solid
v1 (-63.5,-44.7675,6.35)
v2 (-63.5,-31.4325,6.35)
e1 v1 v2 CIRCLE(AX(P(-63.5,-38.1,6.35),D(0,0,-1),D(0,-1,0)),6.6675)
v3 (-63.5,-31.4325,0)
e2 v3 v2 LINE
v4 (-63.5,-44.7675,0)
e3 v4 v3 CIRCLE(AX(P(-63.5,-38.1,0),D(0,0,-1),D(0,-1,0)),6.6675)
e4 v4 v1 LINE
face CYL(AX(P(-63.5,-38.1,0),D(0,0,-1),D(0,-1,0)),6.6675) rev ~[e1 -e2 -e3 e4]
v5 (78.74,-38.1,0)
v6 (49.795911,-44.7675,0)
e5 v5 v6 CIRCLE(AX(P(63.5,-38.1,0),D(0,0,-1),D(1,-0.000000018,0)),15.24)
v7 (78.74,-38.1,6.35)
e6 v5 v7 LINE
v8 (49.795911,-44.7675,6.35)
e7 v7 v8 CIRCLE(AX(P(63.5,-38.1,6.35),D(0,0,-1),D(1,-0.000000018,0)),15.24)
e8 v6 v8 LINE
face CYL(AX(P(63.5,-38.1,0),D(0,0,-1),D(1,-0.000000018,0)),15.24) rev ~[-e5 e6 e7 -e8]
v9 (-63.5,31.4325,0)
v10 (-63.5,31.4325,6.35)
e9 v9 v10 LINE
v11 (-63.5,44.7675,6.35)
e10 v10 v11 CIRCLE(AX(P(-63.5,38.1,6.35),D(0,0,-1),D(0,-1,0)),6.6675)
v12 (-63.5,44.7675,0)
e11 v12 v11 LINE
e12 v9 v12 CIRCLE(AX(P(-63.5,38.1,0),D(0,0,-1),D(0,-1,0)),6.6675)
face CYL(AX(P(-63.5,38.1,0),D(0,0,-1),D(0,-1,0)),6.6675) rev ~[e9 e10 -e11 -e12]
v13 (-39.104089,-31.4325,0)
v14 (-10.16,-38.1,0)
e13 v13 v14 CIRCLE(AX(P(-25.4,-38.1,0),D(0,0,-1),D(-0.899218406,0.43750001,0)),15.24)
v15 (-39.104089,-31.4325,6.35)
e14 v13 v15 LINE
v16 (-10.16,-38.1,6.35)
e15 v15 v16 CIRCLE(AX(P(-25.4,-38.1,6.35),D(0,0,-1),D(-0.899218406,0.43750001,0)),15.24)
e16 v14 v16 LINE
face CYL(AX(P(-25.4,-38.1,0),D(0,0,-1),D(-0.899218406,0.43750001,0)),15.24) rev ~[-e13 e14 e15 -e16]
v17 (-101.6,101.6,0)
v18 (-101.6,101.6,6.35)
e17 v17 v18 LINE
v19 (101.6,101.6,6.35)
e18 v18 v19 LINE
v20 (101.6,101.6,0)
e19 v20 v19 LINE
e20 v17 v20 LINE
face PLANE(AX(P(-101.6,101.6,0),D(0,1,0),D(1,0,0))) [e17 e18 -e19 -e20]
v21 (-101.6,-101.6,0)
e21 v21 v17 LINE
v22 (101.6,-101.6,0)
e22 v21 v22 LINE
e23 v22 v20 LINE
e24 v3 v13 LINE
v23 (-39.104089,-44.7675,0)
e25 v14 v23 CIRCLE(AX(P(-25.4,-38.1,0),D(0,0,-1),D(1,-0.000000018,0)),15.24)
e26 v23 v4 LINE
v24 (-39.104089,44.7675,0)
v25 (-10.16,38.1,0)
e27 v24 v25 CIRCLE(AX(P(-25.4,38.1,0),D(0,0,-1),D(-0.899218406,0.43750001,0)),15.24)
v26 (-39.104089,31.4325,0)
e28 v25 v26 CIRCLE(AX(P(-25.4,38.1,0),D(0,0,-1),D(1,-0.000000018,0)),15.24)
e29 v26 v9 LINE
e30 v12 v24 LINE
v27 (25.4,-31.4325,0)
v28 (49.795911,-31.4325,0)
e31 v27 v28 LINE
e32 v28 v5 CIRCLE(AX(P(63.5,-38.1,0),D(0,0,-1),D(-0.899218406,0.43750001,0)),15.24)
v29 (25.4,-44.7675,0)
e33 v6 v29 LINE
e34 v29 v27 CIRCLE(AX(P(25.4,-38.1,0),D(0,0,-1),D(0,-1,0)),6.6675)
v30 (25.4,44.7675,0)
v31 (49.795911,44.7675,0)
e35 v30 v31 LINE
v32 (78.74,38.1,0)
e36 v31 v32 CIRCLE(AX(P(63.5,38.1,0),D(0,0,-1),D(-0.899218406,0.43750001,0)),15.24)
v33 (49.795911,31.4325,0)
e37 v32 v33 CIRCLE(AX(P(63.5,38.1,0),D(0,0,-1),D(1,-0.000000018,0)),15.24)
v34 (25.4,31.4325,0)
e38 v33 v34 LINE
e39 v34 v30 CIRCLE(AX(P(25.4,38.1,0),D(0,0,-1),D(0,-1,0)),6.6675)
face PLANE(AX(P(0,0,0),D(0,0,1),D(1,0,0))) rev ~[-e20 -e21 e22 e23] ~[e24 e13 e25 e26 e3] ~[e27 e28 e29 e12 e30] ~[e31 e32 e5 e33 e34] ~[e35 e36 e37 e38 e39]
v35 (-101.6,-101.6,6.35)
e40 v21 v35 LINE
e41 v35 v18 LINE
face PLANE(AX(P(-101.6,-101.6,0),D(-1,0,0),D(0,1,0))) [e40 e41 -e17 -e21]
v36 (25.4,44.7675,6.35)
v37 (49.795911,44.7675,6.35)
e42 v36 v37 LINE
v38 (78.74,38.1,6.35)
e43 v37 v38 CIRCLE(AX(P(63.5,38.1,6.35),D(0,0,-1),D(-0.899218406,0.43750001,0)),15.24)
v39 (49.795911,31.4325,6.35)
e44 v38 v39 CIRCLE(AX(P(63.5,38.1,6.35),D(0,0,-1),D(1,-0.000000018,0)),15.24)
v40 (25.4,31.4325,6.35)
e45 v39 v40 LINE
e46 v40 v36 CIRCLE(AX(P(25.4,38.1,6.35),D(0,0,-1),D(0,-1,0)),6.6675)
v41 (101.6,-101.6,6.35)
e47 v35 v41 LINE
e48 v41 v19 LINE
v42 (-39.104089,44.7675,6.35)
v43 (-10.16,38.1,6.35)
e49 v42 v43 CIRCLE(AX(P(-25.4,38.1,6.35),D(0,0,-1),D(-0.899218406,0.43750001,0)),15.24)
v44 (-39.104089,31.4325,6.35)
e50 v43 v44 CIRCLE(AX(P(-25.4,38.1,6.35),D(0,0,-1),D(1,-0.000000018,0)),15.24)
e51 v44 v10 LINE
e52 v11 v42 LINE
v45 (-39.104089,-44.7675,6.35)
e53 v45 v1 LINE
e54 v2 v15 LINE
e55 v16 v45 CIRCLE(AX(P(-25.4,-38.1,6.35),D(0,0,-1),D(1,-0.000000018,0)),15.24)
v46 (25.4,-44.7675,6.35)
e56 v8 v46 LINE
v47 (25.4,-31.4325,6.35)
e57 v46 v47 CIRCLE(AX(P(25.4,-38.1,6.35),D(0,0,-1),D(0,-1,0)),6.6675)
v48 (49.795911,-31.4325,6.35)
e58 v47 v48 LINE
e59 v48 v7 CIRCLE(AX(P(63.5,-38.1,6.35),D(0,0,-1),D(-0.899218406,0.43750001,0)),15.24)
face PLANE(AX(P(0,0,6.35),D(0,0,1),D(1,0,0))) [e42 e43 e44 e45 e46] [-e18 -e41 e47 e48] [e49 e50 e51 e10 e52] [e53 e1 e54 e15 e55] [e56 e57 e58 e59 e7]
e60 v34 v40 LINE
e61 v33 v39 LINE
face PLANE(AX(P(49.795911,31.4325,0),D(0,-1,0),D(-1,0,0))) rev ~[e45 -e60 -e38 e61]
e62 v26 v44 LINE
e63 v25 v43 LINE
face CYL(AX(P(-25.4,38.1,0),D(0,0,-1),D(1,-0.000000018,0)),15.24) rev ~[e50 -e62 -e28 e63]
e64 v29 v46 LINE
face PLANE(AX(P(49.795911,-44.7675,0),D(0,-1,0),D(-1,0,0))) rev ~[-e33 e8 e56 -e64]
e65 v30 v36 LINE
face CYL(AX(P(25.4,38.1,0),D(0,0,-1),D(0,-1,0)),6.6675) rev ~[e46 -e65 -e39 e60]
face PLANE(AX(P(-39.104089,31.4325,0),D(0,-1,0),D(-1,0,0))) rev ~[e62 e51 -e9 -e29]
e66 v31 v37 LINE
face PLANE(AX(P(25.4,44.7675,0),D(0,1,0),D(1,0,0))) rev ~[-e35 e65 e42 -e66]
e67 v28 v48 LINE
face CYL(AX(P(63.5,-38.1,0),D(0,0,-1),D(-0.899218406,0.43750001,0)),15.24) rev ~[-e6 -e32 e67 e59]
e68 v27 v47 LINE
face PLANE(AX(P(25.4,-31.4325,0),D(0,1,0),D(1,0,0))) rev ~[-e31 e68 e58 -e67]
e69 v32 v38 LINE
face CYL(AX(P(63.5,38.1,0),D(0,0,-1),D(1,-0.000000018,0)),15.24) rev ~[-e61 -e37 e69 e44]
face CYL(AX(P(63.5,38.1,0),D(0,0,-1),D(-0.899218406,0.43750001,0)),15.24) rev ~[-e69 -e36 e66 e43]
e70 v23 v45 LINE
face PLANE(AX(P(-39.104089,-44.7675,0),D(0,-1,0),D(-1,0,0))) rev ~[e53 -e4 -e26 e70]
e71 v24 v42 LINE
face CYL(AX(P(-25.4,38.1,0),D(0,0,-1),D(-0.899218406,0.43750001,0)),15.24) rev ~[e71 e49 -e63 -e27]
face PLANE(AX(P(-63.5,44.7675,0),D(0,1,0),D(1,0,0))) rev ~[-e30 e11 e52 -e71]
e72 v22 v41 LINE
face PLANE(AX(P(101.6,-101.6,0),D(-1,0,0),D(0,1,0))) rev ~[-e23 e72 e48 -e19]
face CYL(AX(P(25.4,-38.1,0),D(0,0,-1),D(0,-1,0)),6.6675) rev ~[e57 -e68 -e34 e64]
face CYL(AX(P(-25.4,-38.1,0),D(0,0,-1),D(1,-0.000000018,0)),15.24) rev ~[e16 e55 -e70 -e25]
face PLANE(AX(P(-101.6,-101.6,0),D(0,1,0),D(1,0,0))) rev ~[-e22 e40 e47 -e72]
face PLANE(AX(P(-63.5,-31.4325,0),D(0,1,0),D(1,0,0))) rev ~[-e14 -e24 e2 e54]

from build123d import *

# Parameters (mm, degrees)
F0_W     = 203.2
F0_H     = 203.2
F1_DEPTH = 6.35


with BuildPart() as f1:
    # F0 (on Top) → F1 (new body)
    with BuildSketch(Plane.XY):
        Rectangle(F0_W, F0_H)
        with BuildLine():
            Line((-39.104089, -44.7675), (-63.5, -44.7675))
            ThreePointArc((-63.5, -44.7675), (-70.1675, -38.1), (-63.5, -31.4325))
            Line((-63.5, -31.4325), (-39.104089, -31.4325))
            ThreePointArc((-39.104089, -31.4325), (-21.978941, -23.248941), (-10.16, -38.1))
            ThreePointArc((-10.16, -38.1), (-21.978941, -52.951059), (-39.104089, -44.7675))
        make_face(mode=Mode.SUBTRACT)
        with BuildLine():
            ThreePointArc((25.4, -44.7675), (18.7325, -38.1), (25.4, -31.4325))
            Line((25.4, -31.4325), (49.795911, -31.4325))
            ThreePointArc((49.795911, -31.4325), (66.921059, -23.248941), (78.74, -38.1))
            ThreePointArc((78.74, -38.1), (66.921059, -52.951059), (49.795911, -44.7675))
            Line((49.795911, -44.7675), (25.4, -44.7675))
        make_face(mode=Mode.SUBTRACT)
        with BuildLine():
            ThreePointArc((-39.104089, 44.7675), (-21.978941, 52.951059), (-10.16, 38.1))
            ThreePointArc((-10.16, 38.1), (-21.978941, 23.248941), (-39.104089, 31.4325))
            Line((-39.104089, 31.4325), (-63.5, 31.4325))
            ThreePointArc((-63.5, 31.4325), (-70.1675, 38.1), (-63.5, 44.7675))
            Line((-63.5, 44.7675), (-39.104089, 44.7675))
        make_face(mode=Mode.SUBTRACT)
        with BuildLine():
            ThreePointArc((49.795911, 44.7675), (66.921059, 52.951059), (78.74, 38.1))
            ThreePointArc((78.74, 38.1), (66.921059, 23.248941), (49.795911, 31.4325))
            Line((49.795911, 31.4325), (25.4, 31.4325))
            ThreePointArc((25.4, 31.4325), (18.7325, 38.1), (25.4, 44.7675))
            Line((25.4, 44.7675), (49.795911, 44.7675))
        make_face(mode=Mode.SUBTRACT)
    extrude(amount=F1_DEPTH)


solid = f1.part
